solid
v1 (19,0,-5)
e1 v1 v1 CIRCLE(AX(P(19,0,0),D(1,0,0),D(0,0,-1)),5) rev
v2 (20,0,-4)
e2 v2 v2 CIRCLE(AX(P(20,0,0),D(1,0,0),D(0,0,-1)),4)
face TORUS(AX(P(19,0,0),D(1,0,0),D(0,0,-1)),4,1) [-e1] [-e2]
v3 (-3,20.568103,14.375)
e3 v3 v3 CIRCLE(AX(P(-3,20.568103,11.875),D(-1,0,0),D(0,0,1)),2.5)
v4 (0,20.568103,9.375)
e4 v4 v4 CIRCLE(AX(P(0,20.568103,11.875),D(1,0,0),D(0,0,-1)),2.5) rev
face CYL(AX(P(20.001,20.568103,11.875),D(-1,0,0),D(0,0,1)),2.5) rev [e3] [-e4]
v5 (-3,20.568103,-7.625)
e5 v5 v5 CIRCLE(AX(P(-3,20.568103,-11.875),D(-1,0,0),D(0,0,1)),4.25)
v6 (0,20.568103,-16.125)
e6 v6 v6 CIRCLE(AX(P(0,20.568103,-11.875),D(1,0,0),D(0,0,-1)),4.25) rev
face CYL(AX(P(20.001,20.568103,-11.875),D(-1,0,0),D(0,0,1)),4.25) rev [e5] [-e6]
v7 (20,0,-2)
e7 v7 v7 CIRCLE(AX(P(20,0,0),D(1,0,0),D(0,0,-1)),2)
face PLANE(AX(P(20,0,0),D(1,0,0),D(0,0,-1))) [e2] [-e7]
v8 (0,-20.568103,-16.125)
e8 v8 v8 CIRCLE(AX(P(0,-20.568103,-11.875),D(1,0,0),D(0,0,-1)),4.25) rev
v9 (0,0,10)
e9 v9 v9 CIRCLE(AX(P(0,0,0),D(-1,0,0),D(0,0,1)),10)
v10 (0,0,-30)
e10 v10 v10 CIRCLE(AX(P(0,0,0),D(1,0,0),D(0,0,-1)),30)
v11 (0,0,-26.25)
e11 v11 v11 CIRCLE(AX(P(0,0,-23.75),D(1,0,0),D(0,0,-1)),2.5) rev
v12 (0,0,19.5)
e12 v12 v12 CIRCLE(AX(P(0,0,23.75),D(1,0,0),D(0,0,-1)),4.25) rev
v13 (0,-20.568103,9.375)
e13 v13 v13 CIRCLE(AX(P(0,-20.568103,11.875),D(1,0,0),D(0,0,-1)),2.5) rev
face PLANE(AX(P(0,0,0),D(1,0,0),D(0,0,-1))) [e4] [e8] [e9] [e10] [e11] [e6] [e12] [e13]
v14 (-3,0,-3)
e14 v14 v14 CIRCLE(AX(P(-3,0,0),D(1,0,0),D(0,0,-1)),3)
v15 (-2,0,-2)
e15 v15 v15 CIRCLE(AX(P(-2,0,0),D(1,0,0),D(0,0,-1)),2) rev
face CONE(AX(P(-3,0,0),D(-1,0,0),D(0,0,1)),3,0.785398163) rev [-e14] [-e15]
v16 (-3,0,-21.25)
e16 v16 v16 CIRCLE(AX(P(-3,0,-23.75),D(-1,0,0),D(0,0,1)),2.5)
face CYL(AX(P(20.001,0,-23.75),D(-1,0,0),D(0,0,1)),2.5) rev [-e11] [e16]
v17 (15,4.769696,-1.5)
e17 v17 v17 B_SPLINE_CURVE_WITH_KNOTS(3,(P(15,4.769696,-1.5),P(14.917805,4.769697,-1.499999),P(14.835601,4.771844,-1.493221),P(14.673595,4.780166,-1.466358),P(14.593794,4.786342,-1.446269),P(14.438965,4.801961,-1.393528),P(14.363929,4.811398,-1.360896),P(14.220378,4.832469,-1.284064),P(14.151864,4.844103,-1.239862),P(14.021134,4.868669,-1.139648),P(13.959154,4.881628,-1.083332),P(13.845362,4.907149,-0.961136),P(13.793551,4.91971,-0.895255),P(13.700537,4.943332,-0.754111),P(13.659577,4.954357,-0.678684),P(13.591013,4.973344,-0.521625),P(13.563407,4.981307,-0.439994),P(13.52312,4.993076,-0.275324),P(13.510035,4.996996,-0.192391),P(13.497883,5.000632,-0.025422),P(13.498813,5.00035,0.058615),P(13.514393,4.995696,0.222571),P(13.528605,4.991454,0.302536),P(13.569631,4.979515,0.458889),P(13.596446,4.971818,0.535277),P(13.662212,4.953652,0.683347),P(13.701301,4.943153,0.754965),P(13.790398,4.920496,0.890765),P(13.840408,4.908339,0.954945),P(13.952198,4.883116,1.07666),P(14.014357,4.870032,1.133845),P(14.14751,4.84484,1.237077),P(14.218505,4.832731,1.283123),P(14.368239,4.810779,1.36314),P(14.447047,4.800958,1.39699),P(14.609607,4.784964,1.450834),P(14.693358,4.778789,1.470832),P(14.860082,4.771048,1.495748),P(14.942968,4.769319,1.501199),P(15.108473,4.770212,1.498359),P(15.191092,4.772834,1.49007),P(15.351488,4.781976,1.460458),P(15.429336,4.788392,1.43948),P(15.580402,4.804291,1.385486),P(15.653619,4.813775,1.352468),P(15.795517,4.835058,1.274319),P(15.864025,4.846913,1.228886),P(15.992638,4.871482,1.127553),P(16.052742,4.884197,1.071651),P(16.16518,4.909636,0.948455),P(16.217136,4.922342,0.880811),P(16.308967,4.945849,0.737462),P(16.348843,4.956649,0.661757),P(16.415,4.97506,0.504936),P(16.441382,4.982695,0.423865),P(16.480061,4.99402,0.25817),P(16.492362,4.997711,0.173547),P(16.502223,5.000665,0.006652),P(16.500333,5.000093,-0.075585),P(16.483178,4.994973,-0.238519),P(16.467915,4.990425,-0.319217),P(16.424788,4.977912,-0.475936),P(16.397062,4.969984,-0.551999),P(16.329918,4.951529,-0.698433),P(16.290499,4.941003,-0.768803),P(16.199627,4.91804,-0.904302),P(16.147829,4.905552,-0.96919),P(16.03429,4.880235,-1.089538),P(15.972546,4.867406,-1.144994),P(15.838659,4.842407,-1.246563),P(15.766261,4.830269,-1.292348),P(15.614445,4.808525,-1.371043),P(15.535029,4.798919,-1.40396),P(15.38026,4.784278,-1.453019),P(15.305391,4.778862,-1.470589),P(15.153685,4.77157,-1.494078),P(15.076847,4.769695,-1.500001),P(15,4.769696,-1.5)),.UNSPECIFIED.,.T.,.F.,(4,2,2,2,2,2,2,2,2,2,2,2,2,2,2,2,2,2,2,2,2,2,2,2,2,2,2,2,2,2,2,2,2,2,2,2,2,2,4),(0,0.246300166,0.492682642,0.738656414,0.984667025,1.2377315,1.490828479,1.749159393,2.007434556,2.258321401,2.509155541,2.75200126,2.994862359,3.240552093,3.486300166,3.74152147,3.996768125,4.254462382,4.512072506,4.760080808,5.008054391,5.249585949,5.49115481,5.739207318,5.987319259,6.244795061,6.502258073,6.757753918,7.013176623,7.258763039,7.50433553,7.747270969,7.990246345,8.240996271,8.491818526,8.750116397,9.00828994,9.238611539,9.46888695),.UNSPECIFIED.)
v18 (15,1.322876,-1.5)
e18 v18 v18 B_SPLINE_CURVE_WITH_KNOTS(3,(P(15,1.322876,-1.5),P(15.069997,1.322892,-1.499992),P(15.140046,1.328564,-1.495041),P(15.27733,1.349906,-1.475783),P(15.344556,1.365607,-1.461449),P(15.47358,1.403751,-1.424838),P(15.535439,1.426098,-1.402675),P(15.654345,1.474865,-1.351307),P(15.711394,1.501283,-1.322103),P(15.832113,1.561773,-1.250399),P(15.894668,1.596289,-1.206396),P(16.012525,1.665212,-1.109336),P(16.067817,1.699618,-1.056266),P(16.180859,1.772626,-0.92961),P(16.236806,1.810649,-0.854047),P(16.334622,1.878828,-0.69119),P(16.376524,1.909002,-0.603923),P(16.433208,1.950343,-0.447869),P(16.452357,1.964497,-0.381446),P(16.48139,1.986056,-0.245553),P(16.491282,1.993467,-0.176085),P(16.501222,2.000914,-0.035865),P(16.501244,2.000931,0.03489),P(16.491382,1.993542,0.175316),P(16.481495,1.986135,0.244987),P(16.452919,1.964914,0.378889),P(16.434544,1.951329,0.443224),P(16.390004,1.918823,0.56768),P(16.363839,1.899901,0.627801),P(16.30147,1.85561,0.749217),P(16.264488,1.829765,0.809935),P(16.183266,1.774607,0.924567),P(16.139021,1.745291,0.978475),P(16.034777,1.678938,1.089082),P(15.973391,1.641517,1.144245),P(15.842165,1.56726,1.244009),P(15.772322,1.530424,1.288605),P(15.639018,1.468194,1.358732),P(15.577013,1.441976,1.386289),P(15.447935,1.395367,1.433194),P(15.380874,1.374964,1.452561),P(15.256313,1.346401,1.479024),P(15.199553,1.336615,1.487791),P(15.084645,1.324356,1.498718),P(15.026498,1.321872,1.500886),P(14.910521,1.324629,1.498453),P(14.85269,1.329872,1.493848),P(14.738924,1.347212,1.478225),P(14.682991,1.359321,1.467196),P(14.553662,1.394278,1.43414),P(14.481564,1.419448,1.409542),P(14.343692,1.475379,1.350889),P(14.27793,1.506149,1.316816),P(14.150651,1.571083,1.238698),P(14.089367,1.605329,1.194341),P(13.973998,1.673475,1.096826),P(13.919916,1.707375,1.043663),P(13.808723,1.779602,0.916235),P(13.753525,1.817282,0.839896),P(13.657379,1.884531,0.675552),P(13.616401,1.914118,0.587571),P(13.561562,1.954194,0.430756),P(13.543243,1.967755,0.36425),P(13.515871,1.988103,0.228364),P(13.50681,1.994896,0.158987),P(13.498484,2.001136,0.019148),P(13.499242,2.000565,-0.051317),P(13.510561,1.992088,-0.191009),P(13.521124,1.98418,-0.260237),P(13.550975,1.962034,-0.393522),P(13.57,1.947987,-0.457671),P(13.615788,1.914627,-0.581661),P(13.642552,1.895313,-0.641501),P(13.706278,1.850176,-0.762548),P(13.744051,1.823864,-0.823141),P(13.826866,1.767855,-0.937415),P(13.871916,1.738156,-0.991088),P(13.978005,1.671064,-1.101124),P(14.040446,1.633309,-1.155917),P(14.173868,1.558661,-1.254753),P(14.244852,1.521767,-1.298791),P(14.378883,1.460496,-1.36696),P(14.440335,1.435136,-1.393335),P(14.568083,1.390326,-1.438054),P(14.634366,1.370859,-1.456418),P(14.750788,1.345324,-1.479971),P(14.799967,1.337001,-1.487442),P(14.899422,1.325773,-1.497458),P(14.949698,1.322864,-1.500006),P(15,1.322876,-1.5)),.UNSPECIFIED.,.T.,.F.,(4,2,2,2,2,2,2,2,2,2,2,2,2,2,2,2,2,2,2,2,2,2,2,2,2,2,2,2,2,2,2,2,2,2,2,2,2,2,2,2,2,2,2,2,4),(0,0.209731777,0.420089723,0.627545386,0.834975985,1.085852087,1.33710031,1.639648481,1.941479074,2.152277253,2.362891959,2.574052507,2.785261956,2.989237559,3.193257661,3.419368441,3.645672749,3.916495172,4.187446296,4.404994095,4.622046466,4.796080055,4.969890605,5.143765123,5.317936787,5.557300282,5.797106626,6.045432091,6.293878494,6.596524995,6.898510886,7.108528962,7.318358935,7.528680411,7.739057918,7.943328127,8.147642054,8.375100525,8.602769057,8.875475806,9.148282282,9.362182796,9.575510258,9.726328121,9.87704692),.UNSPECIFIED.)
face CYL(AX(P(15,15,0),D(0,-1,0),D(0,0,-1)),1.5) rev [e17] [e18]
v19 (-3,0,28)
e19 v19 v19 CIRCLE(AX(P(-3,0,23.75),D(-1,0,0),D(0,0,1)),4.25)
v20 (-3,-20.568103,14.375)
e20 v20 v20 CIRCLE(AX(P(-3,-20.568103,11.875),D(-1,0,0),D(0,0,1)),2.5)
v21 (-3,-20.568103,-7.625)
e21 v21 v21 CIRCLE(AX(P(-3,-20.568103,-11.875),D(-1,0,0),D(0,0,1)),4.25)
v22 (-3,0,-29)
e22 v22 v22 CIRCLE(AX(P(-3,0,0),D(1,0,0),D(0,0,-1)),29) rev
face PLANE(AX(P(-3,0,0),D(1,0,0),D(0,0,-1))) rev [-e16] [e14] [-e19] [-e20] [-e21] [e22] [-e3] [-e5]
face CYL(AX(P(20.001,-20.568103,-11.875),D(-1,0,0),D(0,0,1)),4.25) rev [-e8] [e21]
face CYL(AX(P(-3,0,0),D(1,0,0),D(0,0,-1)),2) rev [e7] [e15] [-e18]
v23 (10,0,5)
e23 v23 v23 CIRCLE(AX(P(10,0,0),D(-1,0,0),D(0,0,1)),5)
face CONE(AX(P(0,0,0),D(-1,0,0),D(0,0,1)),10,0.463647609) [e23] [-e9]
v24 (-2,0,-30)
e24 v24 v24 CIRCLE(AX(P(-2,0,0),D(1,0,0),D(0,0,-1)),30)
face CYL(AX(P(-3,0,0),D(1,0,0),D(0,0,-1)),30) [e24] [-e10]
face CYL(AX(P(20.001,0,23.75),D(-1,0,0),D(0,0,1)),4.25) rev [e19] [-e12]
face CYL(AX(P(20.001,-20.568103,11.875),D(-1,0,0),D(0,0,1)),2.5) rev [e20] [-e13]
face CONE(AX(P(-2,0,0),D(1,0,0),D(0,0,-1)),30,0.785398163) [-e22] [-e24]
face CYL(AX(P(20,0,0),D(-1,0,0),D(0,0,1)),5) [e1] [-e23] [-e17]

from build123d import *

# Parameters (mm, degrees)
SKETCH1_R           = 30
BOSS_EXTRUDE1_DEPTH = 3
SKETCH2_R           = 10
BOSS_EXTRUDE2_DEPTH = 10
SKETCH3_R           = 5
BOSS_EXTRUDE3_DEPTH = 10
SKETCH6_R           = 2
CUT_EXTRUDE1_DEPTH  = 49.259714048
CUT_EXTRUDE2_REACH  = 50.26
SKETCH7_R           = 4.25
SKETCH7_R_2         = 2.5
SKETCH8_R           = 1.5
CUT_EXTRUDE3_DEPTH  = 15
FILLET1_R           = 1
CHAMFER1_SIZE       = 1
CHAMFER2_SIZE       = 1


with BuildPart() as part:
    # Sketch1 → Boss-Extrude1 (new body)
    with BuildSketch(Plane(origin=(0, 0, 0), x_dir=(0, 0, -1), z_dir=(1, 0, 0))):
        Circle(SKETCH1_R)
    extrude(amount=-BOSS_EXTRUDE1_DEPTH)

    # Sketch2 → Boss-Extrude2 (add)
    with BuildSketch(Plane(origin=(0, 0, 0), x_dir=(0, 0, -1), z_dir=(1, 0, 0))):
        Circle(SKETCH2_R)
    extrude(amount=BOSS_EXTRUDE2_DEPTH)

    # Sketch3 → Boss-Extrude3 (add)
    with BuildSketch(Plane(origin=(10, 0, 0), x_dir=(0, 0, -1), z_dir=(1, 0, 0))):
        Circle(SKETCH3_R)
    extrude(amount=BOSS_EXTRUDE3_DEPTH)

    # Sketch4 → Cut-Revolve1 (revolve, cut)
    with BuildSketch(Plane.XY, mode=Mode.PRIVATE) as cut_revolve1_sk:
        Polygon((10, 5), (0, 10), (10, 10), align=None)
    revolve(cut_revolve1_sk.sketch.rotate(Axis((0, 0, 0), (1, 0, 0)), 90), axis=Axis((0, 0, 0), (1, 0, 0)), mode=Mode.SUBTRACT)

    # Sketch6 → Cut-Extrude1 (cut, through all)
    with BuildSketch(Plane(origin=(20, 0, 0), x_dir=(0, 0, -1), z_dir=(1, 0, 0))):
        Circle(SKETCH6_R)
    extrude(amount=-CUT_EXTRUDE1_DEPTH, mode=Mode.SUBTRACT)

    # Sketch7 → Cut-Extrude2 (cut, up to next)
    with BuildSketch(Plane.ZY.offset(3), mode=Mode.PRIVATE) as cut_extrude2_sk1:
        with Locations((-11.875, 20.56810334)):
            Circle(SKETCH7_R)
    cut_extrude2_tool1 = extrude(cut_extrude2_sk1.sketch, amount=-CUT_EXTRUDE2_REACH, mode=Mode.PRIVATE) & part.part
    # Sketch7 → Cut-Extrude2 (cut, up to next)
    with BuildSketch(Plane.ZY.offset(3), mode=Mode.PRIVATE) as cut_extrude2_sk2:
        with Locations((23.75, 0)):
            Circle(SKETCH7_R)
    cut_extrude2_tool2 = extrude(cut_extrude2_sk2.sketch, amount=-CUT_EXTRUDE2_REACH, mode=Mode.PRIVATE) & part.part
    # Sketch7 → Cut-Extrude2 (cut, up to next)
    with BuildSketch(Plane.ZY.offset(3), mode=Mode.PRIVATE) as cut_extrude2_sk3:
        with Locations((-11.875, -20.56810334)):
            Circle(SKETCH7_R)
    cut_extrude2_tool3 = extrude(cut_extrude2_sk3.sketch, amount=-CUT_EXTRUDE2_REACH, mode=Mode.PRIVATE) & part.part
    # Sketch7 → Cut-Extrude2 (cut, up to next)
    with BuildSketch(Plane.ZY.offset(3), mode=Mode.PRIVATE) as cut_extrude2_sk4:
        with Locations((11.875, 20.56810334)):
            Circle(SKETCH7_R_2)
    cut_extrude2_tool4 = extrude(cut_extrude2_sk4.sketch, amount=-CUT_EXTRUDE2_REACH, mode=Mode.PRIVATE) & part.part
    # Sketch7 → Cut-Extrude2 (cut, up to next)
    with BuildSketch(Plane.ZY.offset(3), mode=Mode.PRIVATE) as cut_extrude2_sk5:
        with Locations((11.875, -20.56810334)):
            Circle(SKETCH7_R_2)
    cut_extrude2_tool5 = extrude(cut_extrude2_sk5.sketch, amount=-CUT_EXTRUDE2_REACH, mode=Mode.PRIVATE) & part.part
    # Sketch7 → Cut-Extrude2 (cut, up to next)
    with BuildSketch(Plane.ZY.offset(3), mode=Mode.PRIVATE) as cut_extrude2_sk6:
        with Locations((-23.75, 0)):
            Circle(SKETCH7_R_2)
    cut_extrude2_tool6 = extrude(cut_extrude2_sk6.sketch, amount=-CUT_EXTRUDE2_REACH, mode=Mode.PRIVATE) & part.part
    add(cut_extrude2_tool1.solids().sort_by_distance((-3, 20.568103, -11.875))[0], mode=Mode.SUBTRACT)
    add(cut_extrude2_tool2.solids().sort_by_distance((-3, 0, 23.75))[0], mode=Mode.SUBTRACT)
    add(cut_extrude2_tool3.solids().sort_by_distance((-3, -20.568103, -11.875))[0], mode=Mode.SUBTRACT)
    add(cut_extrude2_tool4.solids().sort_by_distance((-3, 20.568103, 11.875))[0], mode=Mode.SUBTRACT)
    add(cut_extrude2_tool5.solids().sort_by_distance((-3, -20.568103, 11.875))[0], mode=Mode.SUBTRACT)
    add(cut_extrude2_tool6.solids().sort_by_distance((-3, 0, -23.75))[0], mode=Mode.SUBTRACT)

    # Sketch8 → Cut-Extrude3 (cut)
    with BuildSketch(Plane(origin=(0, 0, 0), x_dir=(1, 0, 0), z_dir=(0, 1, 0))):
        with Locations(Location((15, 0, 0), (0, 0, 90))):
            Circle(SKETCH8_R)
    extrude(amount=CUT_EXTRUDE3_DEPTH, mode=Mode.SUBTRACT)

    # Fillet1
    fillet1_edges = [part.edges().sort_by_distance(p)[0] for p in [
        (20, 0, 5),
    ]]
    fillet(fillet1_edges, radius=FILLET1_R)

    # Chamfer1
    chamfer1_edges = [part.edges().sort_by_distance(p)[0] for p in [
        (-3, 0, 30),
    ]]
    chamfer(chamfer1_edges, length=CHAMFER1_SIZE)

    # Chamfer2
    chamfer2_edges = [part.edges().sort_by_distance(p)[0] for p in [
        (-3, 0, 2),
    ]]
    chamfer(chamfer2_edges, length=CHAMFER2_SIZE)


solid = part.part
